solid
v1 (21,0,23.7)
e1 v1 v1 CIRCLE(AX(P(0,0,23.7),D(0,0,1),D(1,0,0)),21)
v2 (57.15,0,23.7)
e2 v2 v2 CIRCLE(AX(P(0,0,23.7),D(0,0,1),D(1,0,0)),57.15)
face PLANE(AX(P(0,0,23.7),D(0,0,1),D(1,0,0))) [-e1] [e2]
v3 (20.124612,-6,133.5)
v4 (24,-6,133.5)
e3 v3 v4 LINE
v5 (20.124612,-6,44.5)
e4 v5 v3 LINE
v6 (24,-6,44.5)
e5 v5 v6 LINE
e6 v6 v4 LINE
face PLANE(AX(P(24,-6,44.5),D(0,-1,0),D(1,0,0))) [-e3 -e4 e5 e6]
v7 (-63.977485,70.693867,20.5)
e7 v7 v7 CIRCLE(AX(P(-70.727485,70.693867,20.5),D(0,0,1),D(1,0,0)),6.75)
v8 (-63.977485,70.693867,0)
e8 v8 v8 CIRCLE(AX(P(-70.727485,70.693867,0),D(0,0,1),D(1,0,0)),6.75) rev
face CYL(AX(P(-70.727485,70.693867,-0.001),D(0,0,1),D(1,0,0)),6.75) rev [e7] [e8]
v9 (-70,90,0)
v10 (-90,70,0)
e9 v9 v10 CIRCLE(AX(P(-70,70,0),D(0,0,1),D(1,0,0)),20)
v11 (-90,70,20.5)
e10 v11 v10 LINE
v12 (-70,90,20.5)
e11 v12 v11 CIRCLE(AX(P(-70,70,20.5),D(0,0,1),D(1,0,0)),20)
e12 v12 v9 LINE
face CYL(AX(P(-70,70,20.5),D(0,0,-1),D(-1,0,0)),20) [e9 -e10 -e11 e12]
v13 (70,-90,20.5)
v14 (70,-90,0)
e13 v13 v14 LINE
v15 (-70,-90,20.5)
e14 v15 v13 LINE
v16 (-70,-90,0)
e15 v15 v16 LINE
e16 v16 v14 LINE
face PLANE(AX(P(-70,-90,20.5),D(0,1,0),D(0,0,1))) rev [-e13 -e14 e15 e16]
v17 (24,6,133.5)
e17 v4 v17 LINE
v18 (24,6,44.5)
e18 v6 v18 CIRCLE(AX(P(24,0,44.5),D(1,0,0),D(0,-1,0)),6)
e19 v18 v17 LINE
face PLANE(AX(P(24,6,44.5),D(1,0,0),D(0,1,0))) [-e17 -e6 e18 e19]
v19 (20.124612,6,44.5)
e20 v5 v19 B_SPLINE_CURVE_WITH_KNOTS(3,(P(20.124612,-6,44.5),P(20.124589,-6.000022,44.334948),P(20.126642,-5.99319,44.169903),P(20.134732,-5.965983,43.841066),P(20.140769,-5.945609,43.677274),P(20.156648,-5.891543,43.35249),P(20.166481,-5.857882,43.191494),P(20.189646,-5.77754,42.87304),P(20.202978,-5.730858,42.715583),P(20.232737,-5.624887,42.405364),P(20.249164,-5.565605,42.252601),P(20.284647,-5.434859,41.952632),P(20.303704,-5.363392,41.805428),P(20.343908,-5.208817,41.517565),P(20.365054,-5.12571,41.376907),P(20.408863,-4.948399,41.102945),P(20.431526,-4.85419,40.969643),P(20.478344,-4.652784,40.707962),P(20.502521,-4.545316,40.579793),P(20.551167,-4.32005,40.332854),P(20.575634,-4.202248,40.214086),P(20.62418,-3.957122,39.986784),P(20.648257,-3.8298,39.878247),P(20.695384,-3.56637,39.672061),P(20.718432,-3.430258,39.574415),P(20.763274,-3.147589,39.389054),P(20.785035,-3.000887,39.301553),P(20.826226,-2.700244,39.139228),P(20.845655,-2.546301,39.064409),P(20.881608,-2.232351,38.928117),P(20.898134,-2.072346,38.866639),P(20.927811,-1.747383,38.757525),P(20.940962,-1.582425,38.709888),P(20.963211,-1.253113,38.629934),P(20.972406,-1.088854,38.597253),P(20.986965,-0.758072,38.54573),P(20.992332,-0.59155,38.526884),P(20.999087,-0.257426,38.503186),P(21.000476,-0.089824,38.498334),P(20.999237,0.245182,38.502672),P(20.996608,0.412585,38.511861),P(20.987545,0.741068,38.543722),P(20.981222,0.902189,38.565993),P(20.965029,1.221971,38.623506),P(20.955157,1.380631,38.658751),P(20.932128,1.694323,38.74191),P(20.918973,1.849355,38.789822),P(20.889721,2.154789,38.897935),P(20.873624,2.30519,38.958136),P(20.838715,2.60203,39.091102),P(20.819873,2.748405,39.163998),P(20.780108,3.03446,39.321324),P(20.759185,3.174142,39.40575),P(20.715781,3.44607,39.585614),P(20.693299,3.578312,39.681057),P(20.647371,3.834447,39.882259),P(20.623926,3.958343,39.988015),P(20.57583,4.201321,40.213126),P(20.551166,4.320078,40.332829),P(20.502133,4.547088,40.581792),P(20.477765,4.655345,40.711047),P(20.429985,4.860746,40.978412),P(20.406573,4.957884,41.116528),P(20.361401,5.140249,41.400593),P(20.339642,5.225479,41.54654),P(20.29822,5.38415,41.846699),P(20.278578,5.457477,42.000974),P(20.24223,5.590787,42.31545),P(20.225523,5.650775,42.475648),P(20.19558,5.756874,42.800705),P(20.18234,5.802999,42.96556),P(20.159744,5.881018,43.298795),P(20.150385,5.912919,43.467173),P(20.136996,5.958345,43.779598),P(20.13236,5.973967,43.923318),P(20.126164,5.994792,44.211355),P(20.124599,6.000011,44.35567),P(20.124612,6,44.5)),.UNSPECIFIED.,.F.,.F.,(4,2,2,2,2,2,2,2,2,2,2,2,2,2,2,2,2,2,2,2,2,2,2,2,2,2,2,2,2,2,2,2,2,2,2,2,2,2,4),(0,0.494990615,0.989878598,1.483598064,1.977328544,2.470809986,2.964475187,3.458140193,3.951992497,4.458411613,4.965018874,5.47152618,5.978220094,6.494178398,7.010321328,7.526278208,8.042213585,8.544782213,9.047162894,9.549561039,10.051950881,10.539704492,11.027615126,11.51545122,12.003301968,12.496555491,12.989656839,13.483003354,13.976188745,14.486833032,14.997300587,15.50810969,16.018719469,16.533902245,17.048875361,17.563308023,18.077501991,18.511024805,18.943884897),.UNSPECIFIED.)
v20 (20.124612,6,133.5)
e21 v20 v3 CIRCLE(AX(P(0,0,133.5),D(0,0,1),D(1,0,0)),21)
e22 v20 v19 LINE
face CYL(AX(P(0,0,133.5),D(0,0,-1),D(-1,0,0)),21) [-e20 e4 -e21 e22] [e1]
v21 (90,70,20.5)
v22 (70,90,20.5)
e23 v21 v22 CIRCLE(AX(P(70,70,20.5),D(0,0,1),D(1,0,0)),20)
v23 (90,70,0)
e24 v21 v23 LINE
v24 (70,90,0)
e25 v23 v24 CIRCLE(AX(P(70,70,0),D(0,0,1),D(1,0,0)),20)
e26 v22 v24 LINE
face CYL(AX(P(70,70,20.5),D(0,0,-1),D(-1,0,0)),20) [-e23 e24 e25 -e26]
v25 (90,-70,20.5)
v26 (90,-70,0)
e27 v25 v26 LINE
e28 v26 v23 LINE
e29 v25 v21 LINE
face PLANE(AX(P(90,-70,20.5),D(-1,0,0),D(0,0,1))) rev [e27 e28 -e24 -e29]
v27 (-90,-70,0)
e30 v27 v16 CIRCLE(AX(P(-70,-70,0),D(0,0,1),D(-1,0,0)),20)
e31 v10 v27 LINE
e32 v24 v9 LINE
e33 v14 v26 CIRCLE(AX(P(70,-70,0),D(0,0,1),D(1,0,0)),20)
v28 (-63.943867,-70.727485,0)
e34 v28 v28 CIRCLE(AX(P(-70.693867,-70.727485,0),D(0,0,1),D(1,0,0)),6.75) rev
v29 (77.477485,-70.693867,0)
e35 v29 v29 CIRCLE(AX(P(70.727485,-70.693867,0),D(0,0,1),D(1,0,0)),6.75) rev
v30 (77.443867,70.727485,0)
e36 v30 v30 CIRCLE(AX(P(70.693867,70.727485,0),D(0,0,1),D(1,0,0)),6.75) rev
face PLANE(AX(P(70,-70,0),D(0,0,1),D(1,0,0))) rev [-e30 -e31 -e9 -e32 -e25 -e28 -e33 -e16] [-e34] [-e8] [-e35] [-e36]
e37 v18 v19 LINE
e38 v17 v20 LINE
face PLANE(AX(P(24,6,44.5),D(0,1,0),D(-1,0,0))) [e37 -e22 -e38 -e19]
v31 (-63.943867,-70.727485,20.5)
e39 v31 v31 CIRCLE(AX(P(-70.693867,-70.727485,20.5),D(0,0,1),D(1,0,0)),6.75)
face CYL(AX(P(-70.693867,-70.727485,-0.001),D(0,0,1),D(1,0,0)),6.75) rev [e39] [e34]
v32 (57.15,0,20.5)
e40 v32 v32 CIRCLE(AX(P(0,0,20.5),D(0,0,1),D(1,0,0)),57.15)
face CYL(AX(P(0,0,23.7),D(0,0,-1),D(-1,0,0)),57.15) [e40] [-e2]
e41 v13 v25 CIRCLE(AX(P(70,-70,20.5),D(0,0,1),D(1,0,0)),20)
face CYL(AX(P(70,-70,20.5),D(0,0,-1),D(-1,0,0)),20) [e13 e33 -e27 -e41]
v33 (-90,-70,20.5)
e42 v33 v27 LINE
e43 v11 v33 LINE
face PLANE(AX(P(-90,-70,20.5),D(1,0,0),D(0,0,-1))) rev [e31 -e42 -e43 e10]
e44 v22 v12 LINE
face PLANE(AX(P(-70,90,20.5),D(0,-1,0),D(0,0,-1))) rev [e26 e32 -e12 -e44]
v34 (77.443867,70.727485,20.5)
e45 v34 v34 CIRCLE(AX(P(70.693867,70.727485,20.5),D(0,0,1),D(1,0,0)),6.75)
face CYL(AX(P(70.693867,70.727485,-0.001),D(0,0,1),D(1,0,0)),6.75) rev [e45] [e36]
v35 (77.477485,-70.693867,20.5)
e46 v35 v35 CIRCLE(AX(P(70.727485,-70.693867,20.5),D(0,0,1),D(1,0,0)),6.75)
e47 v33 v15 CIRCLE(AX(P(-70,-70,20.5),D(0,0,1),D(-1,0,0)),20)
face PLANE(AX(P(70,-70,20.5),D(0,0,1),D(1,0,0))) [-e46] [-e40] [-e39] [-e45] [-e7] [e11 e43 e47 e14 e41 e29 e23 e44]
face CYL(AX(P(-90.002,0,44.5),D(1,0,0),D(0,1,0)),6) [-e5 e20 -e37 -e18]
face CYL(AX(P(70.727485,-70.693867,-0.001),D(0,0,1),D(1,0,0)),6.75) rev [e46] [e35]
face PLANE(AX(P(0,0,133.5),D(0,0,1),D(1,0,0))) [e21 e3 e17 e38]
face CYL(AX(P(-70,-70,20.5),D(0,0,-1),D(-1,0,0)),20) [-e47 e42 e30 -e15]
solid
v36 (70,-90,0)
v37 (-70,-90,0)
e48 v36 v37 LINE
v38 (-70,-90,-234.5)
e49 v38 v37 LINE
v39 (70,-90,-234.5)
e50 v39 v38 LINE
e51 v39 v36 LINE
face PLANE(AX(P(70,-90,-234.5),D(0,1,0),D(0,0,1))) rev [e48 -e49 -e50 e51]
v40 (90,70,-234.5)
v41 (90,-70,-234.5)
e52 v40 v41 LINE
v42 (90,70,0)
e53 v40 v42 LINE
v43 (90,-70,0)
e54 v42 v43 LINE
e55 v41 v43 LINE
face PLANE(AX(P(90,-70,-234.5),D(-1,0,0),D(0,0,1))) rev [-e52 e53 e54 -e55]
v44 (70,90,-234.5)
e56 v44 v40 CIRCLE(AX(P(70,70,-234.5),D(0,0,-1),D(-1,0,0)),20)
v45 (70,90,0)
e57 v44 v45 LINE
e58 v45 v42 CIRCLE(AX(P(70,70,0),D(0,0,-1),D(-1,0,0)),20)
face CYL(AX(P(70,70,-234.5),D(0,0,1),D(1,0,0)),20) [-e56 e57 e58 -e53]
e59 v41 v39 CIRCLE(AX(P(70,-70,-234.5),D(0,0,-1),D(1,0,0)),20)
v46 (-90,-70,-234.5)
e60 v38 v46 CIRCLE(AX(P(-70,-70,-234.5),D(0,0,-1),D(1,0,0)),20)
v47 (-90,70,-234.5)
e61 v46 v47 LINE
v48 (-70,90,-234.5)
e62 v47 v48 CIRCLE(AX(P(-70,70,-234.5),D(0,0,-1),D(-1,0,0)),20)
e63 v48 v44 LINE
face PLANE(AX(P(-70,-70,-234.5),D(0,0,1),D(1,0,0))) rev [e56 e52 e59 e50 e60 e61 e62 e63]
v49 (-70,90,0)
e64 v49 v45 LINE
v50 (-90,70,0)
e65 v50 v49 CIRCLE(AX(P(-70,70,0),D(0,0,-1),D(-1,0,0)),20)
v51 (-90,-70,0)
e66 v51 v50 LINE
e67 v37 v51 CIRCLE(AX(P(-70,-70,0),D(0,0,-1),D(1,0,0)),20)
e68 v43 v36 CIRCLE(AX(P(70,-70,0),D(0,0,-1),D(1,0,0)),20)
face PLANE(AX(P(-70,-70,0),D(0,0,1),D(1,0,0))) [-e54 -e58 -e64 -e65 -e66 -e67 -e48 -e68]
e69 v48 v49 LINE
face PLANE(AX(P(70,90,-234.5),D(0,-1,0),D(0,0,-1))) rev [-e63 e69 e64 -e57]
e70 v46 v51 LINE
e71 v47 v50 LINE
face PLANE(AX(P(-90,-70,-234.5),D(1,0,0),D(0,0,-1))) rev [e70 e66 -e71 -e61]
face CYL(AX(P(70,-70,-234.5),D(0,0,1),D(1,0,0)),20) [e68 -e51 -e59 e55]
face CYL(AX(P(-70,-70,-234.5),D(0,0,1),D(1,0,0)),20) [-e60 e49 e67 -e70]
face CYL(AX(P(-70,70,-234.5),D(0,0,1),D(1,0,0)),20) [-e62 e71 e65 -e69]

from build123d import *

# Parameters (mm, degrees)
EXTRUDE_1_DEPTH      = 20.5
CUT_EXTRUDE_1_REACH  = 130.92
SKETCH_2_R           = 6.75
EXTRUDE_2_DEPTH      = 234.5
SKETCH_4_R           = 57.15
EXTRUDE_3_DEPTH      = 3.2
SKETCH_5_R           = 21
EXTRUDE_4_DEPTH      = 109.8
SKETCH_6_W           = 8
SKETCH_6_H           = 12
EXTRUDE_5_DEPTH      = 89
EXTRUDE_6_REACH      = 277.837
EXTRUDE_6_END_RADIUS = 21


with BuildPart() as part:
    # 草图1 → 凸台-拉伸1 (new body)
    with BuildSketch(Plane.XY):
        with BuildLine():
            Line((-70, -90), (70, -90))
            ThreePointArc((70, -90), (84.142135624, -84.142135624), (90, -70))
            Line((90, -70), (90, 70))
            ThreePointArc((90, 70), (84.142135624, 84.142135624), (70, 90))
            Line((70, 90), (-70, 90))
            ThreePointArc((-70, 90), (-84.142135624, 84.142135624), (-90, 70))
            Line((-90, 70), (-90, -70))
            ThreePointArc((-90, -70), (-84.142135624, -84.142135624), (-70, -90))
        make_face()
    extrude(amount=EXTRUDE_1_DEPTH)

    # 草图2 → 切除-拉伸1 (cut, up to next)
    with BuildSketch(Plane.XY.offset(20.5), mode=Mode.PRIVATE) as cut_extrude_1_sk1:
        with Locations((-70.72748515, 70.693867092)):
            Circle(SKETCH_2_R)
    cut_extrude_1_tool1 = extrude(cut_extrude_1_sk1.sketch, amount=-CUT_EXTRUDE_1_REACH, mode=Mode.PRIVATE) & part.part
    # 草图2 → 切除-拉伸1 (cut, up to next)
    with BuildSketch(Plane.XY.offset(20.5), mode=Mode.PRIVATE) as cut_extrude_1_sk2:
        with Locations((70.693867092, 70.72748515)):
            Circle(SKETCH_2_R)
    cut_extrude_1_tool2 = extrude(cut_extrude_1_sk2.sketch, amount=-CUT_EXTRUDE_1_REACH, mode=Mode.PRIVATE) & part.part
    # 草图2 → 切除-拉伸1 (cut, up to next)
    with BuildSketch(Plane.XY.offset(20.5), mode=Mode.PRIVATE) as cut_extrude_1_sk3:
        with Locations((70.72748515, -70.693867092)):
            Circle(SKETCH_2_R)
    cut_extrude_1_tool3 = extrude(cut_extrude_1_sk3.sketch, amount=-CUT_EXTRUDE_1_REACH, mode=Mode.PRIVATE) & part.part
    # 草图2 → 切除-拉伸1 (cut, up to next)
    with BuildSketch(Plane.XY.offset(20.5), mode=Mode.PRIVATE) as cut_extrude_1_sk4:
        with Locations((-70.693867092, -70.72748515)):
            Circle(SKETCH_2_R)
    cut_extrude_1_tool4 = extrude(cut_extrude_1_sk4.sketch, amount=-CUT_EXTRUDE_1_REACH, mode=Mode.PRIVATE) & part.part
    add(cut_extrude_1_tool1.solids().sort_by_distance((-70.727485, 70.693867, 20.5))[0], mode=Mode.SUBTRACT)
    add(cut_extrude_1_tool2.solids().sort_by_distance((70.693867, 70.727485, 20.5))[0], mode=Mode.SUBTRACT)
    add(cut_extrude_1_tool3.solids().sort_by_distance((70.727485, -70.693867, 20.5))[0], mode=Mode.SUBTRACT)
    add(cut_extrude_1_tool4.solids().sort_by_distance((-70.693867, -70.727485, 20.5))[0], mode=Mode.SUBTRACT)

    # 草图4 → 凸台-拉伸3 (add)
    with BuildSketch(Plane.XY.offset(20.5)):
        Circle(SKETCH_4_R)
    extrude(amount=EXTRUDE_3_DEPTH)

    # 草图5 → 凸台-拉伸4 (add)
    with BuildSketch(Plane.XY.offset(23.7)):
        Circle(SKETCH_5_R)
    extrude(amount=EXTRUDE_4_DEPTH)

    # 草图6 → 凸台-拉伸5 (add)
    with BuildSketch(Plane.XY.offset(133.5)):
        with Locations((20, 0)):
            Rectangle(SKETCH_6_W, SKETCH_6_H)
    extrude(amount=-EXTRUDE_5_DEPTH)

    # 凸台-拉伸6: up to this cylinder (the profile starts outside it)
    extrude_6_end = Plane(origin=(0, 0, 41.953521), z_dir=(0, 0, -1)) * Cylinder(EXTRUDE_6_END_RADIUS, 598.674, mode=Mode.PRIVATE)
    # 草图7 → 凸台-拉伸6 (add, up to the surface)
    with BuildSketch(Plane(origin=(24, 0, 0), x_dir=(0, 0, -1), z_dir=(1, 0, 0)), mode=Mode.PRIVATE) as extrude_6_sk1:
        with BuildLine():
            Line((-44.5, -6), (-44.5, 6))
            ThreePointArc((-44.5, 6), (-38.5, 0), (-44.5, -6))
        make_face()
    extrude_6_tool1 = extrude(extrude_6_sk1.sketch, amount=-EXTRUDE_6_REACH, mode=Mode.PRIVATE) - extrude_6_end
    add(extrude_6_tool1.solids().sort_by_distance((24, 0, 41.953521))[0])


with BuildPart() as body_2:
    # 草图3 → 凸台-拉伸2 (new body)
    with BuildSketch(Plane(origin=(0, 0, 0), x_dir=(-1, 0, 0), z_dir=(0, 0, -1))):
        with BuildLine():
            Line((-70, -90), (70, -90))
            ThreePointArc((70, -90), (84.142135624, -84.142135624), (90, -70))
            Line((90, -70), (90, 70))
            ThreePointArc((90, 70), (84.142135624, 84.142135624), (70, 90))
            Line((70, 90), (-70, 90))
            ThreePointArc((-70, 90), (-84.142135624, 84.142135624), (-90, 70))
            Line((-90, 70), (-90, -70))
            ThreePointArc((-90, -70), (-84.142135624, -84.142135624), (-70, -90))
        make_face()
    extrude(amount=EXTRUDE_2_DEPTH)


solid = Compound([part.part, body_2.part])
